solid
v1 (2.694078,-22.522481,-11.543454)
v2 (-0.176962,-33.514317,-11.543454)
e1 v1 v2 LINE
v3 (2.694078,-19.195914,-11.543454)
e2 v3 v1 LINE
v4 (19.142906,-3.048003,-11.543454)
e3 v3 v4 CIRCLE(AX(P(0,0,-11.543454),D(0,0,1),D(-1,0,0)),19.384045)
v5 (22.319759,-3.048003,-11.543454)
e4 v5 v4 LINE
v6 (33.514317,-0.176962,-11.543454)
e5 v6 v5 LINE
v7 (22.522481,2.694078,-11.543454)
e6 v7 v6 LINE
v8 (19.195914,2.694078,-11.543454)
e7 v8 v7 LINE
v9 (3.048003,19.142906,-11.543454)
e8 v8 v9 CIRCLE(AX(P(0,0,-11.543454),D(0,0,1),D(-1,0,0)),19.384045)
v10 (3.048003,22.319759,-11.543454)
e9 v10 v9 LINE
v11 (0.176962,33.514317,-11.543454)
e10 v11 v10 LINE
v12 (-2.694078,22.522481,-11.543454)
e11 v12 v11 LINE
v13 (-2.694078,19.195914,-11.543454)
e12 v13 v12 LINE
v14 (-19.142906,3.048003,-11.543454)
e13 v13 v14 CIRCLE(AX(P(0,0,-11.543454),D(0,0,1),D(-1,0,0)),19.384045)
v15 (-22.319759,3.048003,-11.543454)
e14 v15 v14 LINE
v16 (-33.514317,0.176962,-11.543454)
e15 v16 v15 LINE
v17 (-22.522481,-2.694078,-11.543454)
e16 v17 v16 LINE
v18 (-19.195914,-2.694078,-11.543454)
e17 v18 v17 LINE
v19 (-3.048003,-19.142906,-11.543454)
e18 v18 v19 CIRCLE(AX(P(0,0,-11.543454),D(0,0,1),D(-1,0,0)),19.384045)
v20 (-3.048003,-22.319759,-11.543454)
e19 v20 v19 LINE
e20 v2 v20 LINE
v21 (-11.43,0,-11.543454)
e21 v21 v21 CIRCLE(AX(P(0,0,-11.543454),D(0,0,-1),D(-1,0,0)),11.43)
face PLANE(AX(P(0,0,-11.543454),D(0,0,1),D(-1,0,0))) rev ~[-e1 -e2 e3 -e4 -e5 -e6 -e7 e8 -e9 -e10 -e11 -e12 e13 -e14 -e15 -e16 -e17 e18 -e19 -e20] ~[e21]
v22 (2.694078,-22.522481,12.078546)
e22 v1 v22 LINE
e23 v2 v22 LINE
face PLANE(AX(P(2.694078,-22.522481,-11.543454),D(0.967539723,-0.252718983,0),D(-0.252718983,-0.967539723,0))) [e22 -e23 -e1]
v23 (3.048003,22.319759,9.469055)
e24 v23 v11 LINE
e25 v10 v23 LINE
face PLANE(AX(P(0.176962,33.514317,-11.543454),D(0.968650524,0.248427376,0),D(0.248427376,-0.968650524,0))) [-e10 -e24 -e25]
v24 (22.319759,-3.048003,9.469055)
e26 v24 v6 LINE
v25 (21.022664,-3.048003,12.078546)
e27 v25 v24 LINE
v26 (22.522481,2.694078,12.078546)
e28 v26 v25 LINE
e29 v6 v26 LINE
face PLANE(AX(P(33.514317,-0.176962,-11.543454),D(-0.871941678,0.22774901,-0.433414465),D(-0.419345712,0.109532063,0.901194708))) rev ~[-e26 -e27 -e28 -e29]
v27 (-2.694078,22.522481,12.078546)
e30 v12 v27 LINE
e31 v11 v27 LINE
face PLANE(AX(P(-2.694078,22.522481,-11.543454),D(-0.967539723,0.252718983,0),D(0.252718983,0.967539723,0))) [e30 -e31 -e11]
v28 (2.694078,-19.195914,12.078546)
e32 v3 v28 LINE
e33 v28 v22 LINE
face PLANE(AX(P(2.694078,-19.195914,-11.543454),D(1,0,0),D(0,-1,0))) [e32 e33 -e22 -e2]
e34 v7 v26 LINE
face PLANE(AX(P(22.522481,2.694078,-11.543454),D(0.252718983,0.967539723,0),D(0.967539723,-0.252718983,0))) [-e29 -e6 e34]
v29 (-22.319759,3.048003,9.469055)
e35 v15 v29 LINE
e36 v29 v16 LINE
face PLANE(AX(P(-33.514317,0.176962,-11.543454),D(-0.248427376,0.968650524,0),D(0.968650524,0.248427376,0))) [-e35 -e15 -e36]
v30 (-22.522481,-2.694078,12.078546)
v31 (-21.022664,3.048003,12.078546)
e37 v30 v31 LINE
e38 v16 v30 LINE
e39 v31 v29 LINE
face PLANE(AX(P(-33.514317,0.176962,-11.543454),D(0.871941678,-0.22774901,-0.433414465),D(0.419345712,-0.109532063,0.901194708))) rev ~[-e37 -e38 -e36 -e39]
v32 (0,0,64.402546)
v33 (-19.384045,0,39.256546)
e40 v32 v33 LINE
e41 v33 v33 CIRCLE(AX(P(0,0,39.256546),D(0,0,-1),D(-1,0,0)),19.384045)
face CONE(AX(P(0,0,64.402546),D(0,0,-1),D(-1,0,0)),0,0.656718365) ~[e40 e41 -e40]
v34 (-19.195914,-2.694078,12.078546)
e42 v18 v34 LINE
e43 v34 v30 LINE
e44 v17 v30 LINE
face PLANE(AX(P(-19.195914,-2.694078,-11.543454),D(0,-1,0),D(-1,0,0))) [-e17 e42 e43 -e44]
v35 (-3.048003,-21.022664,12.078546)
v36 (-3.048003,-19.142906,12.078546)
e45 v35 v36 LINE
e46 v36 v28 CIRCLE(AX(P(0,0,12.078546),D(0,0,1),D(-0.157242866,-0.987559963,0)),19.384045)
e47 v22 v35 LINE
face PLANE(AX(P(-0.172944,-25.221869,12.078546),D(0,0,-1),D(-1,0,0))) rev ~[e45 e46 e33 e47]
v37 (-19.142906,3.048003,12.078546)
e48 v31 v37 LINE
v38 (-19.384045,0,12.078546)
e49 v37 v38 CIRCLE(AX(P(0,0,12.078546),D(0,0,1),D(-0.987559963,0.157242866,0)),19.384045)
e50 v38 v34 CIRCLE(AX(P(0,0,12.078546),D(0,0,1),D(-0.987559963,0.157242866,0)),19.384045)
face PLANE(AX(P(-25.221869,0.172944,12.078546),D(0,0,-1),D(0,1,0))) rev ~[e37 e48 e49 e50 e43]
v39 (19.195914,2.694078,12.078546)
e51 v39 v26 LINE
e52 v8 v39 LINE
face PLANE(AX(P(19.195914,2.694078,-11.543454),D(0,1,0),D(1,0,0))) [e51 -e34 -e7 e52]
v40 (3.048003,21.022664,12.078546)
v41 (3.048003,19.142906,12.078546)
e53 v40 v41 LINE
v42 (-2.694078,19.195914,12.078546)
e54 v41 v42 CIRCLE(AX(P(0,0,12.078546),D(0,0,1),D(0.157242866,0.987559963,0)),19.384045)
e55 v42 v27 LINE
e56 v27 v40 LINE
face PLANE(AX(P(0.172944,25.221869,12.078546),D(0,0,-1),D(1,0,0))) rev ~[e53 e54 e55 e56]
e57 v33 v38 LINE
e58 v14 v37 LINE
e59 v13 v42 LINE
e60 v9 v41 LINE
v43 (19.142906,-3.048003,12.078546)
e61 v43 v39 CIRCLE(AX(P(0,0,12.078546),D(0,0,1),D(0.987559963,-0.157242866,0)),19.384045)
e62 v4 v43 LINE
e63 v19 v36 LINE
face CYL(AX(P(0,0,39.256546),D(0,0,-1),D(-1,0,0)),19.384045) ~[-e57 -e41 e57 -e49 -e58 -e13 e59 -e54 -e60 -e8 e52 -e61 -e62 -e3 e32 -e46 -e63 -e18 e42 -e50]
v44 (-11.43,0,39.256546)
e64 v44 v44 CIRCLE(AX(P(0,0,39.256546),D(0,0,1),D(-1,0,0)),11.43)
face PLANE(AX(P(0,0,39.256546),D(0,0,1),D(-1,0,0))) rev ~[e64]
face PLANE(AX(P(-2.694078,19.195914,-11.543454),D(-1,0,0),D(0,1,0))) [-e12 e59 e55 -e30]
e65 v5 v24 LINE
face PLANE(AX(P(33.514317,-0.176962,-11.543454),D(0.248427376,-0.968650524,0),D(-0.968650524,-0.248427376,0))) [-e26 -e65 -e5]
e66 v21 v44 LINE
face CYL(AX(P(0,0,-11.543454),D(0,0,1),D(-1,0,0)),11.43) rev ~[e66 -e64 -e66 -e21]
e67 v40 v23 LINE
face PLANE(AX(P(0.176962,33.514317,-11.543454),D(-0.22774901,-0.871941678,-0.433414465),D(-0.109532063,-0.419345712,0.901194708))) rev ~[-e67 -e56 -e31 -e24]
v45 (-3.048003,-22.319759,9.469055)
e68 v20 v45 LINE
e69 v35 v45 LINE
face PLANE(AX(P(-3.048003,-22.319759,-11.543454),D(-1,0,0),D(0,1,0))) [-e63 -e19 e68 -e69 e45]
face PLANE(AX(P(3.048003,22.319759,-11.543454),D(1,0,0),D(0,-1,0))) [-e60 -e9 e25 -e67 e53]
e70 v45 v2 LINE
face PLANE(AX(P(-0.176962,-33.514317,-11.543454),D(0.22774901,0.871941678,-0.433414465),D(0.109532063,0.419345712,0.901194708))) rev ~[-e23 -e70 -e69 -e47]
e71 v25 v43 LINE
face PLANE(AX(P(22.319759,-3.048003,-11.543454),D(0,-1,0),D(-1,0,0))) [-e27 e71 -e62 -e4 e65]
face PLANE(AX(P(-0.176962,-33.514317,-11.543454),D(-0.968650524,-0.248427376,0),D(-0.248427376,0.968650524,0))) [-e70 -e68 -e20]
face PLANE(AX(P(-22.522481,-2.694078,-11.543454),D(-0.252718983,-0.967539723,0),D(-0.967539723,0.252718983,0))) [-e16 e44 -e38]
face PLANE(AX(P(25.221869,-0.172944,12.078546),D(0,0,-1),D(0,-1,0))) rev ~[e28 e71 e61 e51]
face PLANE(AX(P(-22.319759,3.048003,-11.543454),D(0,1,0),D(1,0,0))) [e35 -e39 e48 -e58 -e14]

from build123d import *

# Parameters (mm, degrees)
F3_DEPTH = 23.622
F5_DEPTH = 267.208
F7_COUNT = 4


with BuildPart() as f1:
    # F0 (on Front) → F1 (revolve)
    with BuildSketch(Plane.XZ):
        Polygon((-11.43, -11.5434539532), (-11.43, 13.8565460468), (-11.43, 39.2565460468), (0, 39.2565460468), (0, 64.4025460468), (-19.3840445728, 39.2565460468), (-19.3840445728, -11.5434539532), align=None)
    revolve(axis=Axis((0, 0, 51.8295460468), (0, 0, 1)))

    # F2 (on face) → F3 (join)
    with BuildSketch(Plane(origin=(0, 0, -11.5434539532), x_dir=(1, 0, 0), z_dir=(0, 0, -1))):
        with BuildLine():
            Line((-2.6940780226, -19.1959143468), (-2.6940780226, -22.5224811584))
            Line((-2.6940780226, -22.5224811584), (0.1769623486, -33.5143171251))
            Line((0.1769623486, -33.5143171251), (3.0480027199, -22.3197587766))
            Line((3.0480027199, -22.3197587766), (3.0480027199, -19.1429063473))
            ThreePointArc((3.0480027199, -19.1429063473), (0.1789361194, -19.3832186663), (-2.6940780226, -19.1959143468))
        make_face()
    extrude(amount=-F3_DEPTH)

    # F4 (on face) → F5 (cut)
    with BuildSketch(Plane(origin=(-8.0291148796, 2.0971849502, 0), x_dir=(-0.2527189829, -0.9675397231, 0), z_dir=(-0.9675397231, 0.2527189829, 0))):
        Polygon((-32.4711548542, -11.5434539532), (-21.1105505247, 12.0785460468), (-32.4711548542, 12.0785460468), align=None)
    extrude(amount=-F5_DEPTH, mode=Mode.SUBTRACT)

    # F7: F1 ×4 about axis
    f7_axis = Axis((0, 0, 24.6183145791), (0, 0, -1))


with BuildPart() as f1_1:
    add(f1.part)
    for i in range(1, F7_COUNT):
        add(f1.part.rotate(f7_axis, i * 360 / F7_COUNT))


solid = f1_1.part
